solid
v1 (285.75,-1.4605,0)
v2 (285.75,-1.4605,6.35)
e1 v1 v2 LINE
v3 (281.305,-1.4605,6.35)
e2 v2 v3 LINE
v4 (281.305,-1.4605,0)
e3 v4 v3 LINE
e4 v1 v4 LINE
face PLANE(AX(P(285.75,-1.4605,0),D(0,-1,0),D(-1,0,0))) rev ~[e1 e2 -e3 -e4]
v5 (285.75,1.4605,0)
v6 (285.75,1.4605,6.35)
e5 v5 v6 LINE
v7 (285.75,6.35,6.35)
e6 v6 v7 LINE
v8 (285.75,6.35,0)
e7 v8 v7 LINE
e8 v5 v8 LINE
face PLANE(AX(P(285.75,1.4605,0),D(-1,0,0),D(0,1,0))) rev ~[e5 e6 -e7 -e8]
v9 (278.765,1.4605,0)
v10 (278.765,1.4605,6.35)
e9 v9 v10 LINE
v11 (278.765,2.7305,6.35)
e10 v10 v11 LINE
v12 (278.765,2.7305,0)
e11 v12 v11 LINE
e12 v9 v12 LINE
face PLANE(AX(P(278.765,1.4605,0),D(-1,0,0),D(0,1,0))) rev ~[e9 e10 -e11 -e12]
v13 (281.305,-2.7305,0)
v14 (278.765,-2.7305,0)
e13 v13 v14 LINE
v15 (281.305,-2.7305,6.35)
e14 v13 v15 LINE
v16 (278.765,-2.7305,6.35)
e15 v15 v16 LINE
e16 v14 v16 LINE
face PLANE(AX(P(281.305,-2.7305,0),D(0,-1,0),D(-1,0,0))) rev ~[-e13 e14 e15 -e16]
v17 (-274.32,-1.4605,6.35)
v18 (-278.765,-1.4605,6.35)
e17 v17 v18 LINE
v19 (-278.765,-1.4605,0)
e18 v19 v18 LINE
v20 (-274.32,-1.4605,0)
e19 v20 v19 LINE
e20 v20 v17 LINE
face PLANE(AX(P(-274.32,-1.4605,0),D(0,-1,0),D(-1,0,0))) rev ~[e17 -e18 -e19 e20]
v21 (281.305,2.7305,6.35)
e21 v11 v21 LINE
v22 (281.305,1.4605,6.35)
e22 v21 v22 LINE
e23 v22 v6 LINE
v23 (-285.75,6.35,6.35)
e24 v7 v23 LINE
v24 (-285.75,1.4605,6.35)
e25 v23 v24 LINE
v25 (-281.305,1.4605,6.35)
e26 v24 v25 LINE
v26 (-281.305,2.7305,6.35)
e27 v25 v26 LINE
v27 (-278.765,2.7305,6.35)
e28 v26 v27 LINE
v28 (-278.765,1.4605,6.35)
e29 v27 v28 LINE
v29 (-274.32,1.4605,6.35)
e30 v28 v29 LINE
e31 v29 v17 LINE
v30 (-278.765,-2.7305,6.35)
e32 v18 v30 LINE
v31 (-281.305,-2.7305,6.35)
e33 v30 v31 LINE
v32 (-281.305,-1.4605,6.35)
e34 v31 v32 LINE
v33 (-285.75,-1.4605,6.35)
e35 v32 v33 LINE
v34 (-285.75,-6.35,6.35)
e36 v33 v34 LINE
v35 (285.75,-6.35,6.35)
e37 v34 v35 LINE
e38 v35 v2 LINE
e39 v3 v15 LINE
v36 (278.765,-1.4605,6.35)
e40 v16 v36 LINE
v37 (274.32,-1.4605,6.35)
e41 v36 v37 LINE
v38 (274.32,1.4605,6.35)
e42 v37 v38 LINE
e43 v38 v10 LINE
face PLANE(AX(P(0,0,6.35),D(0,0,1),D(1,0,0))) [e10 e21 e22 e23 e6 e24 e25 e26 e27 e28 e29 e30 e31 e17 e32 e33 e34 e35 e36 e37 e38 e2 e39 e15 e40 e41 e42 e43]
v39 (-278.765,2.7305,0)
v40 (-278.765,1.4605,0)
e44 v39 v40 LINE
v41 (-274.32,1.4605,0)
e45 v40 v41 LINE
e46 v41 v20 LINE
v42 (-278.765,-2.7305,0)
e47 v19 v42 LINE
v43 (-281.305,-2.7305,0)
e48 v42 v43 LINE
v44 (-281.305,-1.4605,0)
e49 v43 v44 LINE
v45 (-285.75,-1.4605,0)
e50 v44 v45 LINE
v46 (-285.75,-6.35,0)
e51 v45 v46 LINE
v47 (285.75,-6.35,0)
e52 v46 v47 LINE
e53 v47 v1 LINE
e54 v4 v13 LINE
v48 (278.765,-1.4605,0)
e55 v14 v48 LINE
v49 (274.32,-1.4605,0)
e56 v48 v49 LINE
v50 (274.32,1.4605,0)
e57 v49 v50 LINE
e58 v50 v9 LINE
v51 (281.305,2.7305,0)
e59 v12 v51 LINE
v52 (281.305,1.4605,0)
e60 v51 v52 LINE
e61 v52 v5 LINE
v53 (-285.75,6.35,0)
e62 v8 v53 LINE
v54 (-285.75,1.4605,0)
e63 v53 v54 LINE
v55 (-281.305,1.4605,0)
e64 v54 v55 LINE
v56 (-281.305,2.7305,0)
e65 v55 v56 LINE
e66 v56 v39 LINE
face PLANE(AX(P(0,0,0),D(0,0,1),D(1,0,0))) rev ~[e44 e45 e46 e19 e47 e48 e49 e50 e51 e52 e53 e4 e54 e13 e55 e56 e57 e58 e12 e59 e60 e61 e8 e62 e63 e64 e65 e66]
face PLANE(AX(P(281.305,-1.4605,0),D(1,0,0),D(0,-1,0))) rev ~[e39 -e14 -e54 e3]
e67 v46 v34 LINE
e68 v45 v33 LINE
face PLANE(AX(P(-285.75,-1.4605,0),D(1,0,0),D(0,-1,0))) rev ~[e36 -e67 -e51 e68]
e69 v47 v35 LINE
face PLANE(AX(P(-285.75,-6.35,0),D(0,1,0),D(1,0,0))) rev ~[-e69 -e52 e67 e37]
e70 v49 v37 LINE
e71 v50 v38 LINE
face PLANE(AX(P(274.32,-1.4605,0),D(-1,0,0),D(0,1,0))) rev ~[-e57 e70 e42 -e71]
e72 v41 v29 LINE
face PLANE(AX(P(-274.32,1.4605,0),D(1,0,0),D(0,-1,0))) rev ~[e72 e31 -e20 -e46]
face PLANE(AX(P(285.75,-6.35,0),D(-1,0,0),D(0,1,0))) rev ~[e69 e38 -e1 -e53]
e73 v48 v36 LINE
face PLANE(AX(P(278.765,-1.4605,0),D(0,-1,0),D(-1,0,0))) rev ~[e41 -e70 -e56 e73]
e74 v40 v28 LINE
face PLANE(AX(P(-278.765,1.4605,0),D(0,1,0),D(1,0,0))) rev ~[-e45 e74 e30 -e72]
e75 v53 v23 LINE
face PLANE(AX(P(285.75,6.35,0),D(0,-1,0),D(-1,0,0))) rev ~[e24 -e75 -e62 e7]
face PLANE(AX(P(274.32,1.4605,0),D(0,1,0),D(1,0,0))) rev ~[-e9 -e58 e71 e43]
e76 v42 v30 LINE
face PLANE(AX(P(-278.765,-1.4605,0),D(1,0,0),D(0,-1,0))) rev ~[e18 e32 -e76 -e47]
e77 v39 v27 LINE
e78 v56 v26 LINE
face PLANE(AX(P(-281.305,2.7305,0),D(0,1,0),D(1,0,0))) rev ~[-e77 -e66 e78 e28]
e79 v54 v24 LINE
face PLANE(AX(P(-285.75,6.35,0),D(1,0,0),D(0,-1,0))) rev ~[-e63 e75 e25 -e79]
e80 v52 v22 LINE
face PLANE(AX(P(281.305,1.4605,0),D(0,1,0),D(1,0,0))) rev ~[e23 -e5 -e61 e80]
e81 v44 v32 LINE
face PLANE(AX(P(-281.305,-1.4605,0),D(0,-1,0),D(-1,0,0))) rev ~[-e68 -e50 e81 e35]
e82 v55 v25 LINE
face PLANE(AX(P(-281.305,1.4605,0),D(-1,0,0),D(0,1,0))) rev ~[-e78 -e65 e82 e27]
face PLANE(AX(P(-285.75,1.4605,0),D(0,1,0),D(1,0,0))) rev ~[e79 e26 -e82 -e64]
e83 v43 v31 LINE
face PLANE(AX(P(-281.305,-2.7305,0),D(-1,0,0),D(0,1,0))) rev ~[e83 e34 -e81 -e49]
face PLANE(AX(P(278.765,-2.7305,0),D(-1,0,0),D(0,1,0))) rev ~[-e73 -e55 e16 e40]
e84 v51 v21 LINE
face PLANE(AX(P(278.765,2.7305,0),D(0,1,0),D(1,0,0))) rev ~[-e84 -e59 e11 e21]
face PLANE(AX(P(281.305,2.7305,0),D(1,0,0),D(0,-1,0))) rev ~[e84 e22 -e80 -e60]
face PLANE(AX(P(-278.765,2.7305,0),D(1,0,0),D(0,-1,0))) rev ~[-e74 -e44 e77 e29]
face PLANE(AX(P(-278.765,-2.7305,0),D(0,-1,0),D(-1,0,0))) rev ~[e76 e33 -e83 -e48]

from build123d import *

# Parameters (mm, degrees)
F1_DEPTH = 6.35


with BuildPart() as f1:
    # F0 (on Top) → F1 (new body)
    with BuildSketch(Plane.XY):
        Polygon((-285.75, -6.35), (285.75, -6.35), (285.75, -1.4605), (281.305, -1.4605), (281.305, -2.7305), (278.765, -2.7305), (278.765, -1.4605), (274.32, -1.4605), (274.32, 0), (274.32, 1.4605), (278.765, 1.4605), (278.765, 2.7305), (281.305, 2.7305), (281.305, 1.4605), (285.75, 1.4605), (285.75, 6.35), (-285.75, 6.35), (-285.75, 1.4605), (-281.305, 1.4605), (-281.305, 2.7305), (-278.765, 2.7305), (-278.765, 1.4605), (-274.32, 1.4605), (-274.32, 0), (-274.32, -1.4605), (-278.765, -1.4605), (-278.765, -2.7305), (-281.305, -2.7305), (-281.305, -1.4605), (-285.75, -1.4605), align=None)
    extrude(amount=F1_DEPTH)


solid = f1.part
